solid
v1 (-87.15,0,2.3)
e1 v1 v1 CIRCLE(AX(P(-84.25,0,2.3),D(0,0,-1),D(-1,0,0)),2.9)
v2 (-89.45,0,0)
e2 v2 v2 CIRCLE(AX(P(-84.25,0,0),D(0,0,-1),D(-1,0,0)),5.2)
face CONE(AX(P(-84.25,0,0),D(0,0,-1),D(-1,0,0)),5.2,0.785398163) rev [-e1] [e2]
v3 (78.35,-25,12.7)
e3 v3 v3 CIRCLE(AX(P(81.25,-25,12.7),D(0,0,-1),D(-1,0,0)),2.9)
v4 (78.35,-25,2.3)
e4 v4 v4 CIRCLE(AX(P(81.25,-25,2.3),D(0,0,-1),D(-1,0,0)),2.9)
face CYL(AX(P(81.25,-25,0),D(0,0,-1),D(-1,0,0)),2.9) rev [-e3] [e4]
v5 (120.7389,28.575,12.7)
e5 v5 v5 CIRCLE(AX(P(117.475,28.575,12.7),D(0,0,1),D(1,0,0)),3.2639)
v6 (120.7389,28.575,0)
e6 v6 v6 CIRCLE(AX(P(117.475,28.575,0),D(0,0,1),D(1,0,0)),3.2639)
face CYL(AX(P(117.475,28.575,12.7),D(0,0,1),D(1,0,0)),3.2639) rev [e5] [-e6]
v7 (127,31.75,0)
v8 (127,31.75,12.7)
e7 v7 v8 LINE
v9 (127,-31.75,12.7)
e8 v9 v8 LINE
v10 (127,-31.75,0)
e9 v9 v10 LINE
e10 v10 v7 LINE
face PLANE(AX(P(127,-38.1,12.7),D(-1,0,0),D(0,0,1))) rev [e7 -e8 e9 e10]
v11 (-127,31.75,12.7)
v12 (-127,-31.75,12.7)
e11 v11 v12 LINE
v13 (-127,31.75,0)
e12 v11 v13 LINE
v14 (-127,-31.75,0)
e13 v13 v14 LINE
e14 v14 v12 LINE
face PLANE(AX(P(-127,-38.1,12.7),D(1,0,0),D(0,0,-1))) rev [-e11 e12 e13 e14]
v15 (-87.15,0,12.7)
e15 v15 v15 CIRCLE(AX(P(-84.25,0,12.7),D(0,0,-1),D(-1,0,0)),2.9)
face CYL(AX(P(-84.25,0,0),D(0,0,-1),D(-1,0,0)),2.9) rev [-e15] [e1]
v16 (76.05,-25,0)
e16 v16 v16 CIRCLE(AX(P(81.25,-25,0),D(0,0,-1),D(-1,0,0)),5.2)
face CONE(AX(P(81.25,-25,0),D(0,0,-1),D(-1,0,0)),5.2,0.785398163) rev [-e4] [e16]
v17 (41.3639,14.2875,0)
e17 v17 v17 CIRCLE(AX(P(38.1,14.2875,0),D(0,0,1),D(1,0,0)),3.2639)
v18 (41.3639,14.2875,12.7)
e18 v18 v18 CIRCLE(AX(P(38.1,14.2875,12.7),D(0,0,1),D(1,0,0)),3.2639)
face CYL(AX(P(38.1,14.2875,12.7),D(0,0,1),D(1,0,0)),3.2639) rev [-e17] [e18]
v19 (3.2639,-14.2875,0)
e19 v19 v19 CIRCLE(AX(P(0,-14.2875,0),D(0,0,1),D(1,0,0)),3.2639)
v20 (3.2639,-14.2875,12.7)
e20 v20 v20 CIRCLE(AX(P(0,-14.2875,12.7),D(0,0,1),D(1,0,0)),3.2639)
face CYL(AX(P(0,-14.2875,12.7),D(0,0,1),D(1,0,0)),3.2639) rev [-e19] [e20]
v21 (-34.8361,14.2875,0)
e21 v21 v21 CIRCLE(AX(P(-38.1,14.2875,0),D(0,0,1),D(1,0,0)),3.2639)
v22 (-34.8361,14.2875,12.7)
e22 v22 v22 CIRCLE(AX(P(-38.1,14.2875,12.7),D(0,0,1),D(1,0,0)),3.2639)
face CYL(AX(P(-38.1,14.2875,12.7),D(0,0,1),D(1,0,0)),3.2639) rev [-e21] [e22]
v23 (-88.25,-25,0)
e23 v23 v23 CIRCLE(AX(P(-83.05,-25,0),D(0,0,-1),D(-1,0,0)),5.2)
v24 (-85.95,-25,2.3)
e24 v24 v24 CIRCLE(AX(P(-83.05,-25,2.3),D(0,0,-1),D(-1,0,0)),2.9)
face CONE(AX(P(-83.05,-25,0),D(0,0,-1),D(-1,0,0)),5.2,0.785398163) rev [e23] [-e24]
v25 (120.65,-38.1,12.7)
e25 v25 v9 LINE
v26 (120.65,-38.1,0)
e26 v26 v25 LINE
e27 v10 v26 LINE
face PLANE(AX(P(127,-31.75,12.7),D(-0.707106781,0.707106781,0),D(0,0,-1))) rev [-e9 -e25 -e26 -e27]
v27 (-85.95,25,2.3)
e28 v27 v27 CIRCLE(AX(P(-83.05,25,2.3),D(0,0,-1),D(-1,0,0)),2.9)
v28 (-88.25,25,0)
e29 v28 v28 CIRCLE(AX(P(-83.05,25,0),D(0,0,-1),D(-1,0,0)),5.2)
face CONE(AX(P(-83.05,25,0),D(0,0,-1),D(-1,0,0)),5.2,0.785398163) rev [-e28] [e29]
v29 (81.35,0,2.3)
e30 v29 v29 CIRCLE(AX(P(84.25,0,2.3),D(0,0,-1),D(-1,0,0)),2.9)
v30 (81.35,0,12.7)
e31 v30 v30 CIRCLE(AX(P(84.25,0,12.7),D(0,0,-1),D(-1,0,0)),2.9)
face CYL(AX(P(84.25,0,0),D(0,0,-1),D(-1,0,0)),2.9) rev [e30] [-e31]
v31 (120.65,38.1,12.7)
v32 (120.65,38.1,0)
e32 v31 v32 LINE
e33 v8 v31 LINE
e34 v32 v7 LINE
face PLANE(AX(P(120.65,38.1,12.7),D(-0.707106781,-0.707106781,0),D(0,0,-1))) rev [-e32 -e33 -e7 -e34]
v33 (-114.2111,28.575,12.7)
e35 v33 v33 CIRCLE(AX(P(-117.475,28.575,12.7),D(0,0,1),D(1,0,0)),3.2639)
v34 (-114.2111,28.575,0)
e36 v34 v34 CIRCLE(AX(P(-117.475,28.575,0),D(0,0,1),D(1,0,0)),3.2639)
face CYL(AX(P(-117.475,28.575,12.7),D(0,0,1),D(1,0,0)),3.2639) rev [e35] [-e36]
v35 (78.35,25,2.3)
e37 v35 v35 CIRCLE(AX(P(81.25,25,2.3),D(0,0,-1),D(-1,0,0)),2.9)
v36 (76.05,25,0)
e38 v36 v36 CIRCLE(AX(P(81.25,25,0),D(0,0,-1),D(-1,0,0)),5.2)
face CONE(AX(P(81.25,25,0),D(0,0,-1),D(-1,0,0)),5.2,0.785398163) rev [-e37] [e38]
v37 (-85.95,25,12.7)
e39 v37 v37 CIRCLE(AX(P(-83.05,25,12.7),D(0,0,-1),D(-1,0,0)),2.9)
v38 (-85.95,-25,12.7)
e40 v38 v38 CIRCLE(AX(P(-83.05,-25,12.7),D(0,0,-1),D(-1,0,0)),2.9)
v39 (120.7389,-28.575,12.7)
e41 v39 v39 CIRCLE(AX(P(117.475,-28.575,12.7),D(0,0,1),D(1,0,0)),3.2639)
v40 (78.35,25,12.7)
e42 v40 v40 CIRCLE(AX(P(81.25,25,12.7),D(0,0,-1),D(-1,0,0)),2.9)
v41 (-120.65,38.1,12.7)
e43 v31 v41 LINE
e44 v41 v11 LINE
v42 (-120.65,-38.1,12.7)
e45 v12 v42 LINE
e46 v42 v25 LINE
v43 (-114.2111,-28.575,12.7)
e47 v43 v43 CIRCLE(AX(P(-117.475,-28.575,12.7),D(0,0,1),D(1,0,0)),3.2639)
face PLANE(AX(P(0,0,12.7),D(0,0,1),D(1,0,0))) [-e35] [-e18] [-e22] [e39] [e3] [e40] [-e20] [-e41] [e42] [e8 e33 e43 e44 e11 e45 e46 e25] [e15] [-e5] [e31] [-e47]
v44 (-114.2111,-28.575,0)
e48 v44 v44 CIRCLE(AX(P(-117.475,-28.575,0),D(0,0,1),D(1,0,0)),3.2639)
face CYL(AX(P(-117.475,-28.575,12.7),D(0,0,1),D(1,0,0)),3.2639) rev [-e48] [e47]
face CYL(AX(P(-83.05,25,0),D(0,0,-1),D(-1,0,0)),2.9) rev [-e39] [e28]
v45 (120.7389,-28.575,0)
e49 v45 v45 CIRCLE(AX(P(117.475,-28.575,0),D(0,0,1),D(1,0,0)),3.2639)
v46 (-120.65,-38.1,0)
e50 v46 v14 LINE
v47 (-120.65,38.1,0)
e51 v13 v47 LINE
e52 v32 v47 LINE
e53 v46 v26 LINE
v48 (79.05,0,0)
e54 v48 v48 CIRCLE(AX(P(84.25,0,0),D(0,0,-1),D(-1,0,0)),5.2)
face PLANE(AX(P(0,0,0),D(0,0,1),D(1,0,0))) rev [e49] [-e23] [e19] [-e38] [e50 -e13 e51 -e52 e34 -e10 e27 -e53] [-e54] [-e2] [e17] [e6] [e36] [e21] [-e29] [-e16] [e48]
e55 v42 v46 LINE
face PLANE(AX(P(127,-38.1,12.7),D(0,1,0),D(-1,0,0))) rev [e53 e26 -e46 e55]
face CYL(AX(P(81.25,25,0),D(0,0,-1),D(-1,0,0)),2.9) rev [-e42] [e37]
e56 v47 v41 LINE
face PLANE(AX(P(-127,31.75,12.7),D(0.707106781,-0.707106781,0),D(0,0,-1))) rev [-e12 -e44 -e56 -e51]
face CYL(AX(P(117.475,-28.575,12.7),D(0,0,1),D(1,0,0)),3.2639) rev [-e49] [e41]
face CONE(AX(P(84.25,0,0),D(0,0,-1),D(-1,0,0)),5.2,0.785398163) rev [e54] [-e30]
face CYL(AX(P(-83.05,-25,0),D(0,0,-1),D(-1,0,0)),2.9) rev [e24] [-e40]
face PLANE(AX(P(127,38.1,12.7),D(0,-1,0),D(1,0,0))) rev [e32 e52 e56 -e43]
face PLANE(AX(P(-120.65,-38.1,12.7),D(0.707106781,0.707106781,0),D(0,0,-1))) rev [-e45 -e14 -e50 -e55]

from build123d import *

# Parameters (mm, degrees)
SKETCH1_W                                       = 254
SKETCH1_H                                       = 76.2
BOSS_EXTRUDE1_DEPTH                             = 12.7
F_1_4_CLEARANCE_HOLE1_D                         = 6.5278
CHAMFER1_SIZE                                   = 6.35
CSK_FOR_M5_FLAT_HEAD_MACHINE_SCREW1_D           = 5.8
CSK_FOR_M5_FLAT_HEAD_MACHINE_SCREW1_CSINK_D     = 10.4
CSK_FOR_M5_FLAT_HEAD_MACHINE_SCREW1_CSINK_ANGLE = 90


with BuildPart() as part:
    # Sketch1 → Boss-Extrude1 (new body)
    with BuildSketch(Plane.XY):
        Rectangle(SKETCH1_W, SKETCH1_H)
    extrude(amount=BOSS_EXTRUDE1_DEPTH)

    # 1/4 Clearance Hole1 (through all)
    with Locations(Plane.XY.offset(12.7)):
        with Locations((38.1, 14.2875), (-117.475, -28.575), (-117.475, 28.575), (117.475, -28.575), (117.475, 28.575), (-38.1, 14.2875), (0, -14.2875)):
            Hole(F_1_4_CLEARANCE_HOLE1_D / 2)

    # Chamfer1
    chamfer1_edges = [part.edges().sort_by_distance(p)[0] for p in [
        (-127, 38.1, 6.35),
        (127, 38.1, 6.35),
        (127, -38.1, 6.35),
        (-127, -38.1, 6.35),
    ]]
    chamfer(chamfer1_edges, length=CHAMFER1_SIZE)

    # CSK for M5 Flat Head Machine Screw1 (through all)
    with Locations(Plane(origin=(0, 0, 0), x_dir=(-1, 0, 0), z_dir=(0, 0, -1))):
        with Locations((-81.25, -25), (-81.25, 25), (83.05, 25), (83.05, -25), (-84.25, 0), (84.25, 0)):
            CounterSinkHole(CSK_FOR_M5_FLAT_HEAD_MACHINE_SCREW1_D / 2, CSK_FOR_M5_FLAT_HEAD_MACHINE_SCREW1_CSINK_D / 2, counter_sink_angle=CSK_FOR_M5_FLAT_HEAD_MACHINE_SCREW1_CSINK_ANGLE)


solid = part.part
